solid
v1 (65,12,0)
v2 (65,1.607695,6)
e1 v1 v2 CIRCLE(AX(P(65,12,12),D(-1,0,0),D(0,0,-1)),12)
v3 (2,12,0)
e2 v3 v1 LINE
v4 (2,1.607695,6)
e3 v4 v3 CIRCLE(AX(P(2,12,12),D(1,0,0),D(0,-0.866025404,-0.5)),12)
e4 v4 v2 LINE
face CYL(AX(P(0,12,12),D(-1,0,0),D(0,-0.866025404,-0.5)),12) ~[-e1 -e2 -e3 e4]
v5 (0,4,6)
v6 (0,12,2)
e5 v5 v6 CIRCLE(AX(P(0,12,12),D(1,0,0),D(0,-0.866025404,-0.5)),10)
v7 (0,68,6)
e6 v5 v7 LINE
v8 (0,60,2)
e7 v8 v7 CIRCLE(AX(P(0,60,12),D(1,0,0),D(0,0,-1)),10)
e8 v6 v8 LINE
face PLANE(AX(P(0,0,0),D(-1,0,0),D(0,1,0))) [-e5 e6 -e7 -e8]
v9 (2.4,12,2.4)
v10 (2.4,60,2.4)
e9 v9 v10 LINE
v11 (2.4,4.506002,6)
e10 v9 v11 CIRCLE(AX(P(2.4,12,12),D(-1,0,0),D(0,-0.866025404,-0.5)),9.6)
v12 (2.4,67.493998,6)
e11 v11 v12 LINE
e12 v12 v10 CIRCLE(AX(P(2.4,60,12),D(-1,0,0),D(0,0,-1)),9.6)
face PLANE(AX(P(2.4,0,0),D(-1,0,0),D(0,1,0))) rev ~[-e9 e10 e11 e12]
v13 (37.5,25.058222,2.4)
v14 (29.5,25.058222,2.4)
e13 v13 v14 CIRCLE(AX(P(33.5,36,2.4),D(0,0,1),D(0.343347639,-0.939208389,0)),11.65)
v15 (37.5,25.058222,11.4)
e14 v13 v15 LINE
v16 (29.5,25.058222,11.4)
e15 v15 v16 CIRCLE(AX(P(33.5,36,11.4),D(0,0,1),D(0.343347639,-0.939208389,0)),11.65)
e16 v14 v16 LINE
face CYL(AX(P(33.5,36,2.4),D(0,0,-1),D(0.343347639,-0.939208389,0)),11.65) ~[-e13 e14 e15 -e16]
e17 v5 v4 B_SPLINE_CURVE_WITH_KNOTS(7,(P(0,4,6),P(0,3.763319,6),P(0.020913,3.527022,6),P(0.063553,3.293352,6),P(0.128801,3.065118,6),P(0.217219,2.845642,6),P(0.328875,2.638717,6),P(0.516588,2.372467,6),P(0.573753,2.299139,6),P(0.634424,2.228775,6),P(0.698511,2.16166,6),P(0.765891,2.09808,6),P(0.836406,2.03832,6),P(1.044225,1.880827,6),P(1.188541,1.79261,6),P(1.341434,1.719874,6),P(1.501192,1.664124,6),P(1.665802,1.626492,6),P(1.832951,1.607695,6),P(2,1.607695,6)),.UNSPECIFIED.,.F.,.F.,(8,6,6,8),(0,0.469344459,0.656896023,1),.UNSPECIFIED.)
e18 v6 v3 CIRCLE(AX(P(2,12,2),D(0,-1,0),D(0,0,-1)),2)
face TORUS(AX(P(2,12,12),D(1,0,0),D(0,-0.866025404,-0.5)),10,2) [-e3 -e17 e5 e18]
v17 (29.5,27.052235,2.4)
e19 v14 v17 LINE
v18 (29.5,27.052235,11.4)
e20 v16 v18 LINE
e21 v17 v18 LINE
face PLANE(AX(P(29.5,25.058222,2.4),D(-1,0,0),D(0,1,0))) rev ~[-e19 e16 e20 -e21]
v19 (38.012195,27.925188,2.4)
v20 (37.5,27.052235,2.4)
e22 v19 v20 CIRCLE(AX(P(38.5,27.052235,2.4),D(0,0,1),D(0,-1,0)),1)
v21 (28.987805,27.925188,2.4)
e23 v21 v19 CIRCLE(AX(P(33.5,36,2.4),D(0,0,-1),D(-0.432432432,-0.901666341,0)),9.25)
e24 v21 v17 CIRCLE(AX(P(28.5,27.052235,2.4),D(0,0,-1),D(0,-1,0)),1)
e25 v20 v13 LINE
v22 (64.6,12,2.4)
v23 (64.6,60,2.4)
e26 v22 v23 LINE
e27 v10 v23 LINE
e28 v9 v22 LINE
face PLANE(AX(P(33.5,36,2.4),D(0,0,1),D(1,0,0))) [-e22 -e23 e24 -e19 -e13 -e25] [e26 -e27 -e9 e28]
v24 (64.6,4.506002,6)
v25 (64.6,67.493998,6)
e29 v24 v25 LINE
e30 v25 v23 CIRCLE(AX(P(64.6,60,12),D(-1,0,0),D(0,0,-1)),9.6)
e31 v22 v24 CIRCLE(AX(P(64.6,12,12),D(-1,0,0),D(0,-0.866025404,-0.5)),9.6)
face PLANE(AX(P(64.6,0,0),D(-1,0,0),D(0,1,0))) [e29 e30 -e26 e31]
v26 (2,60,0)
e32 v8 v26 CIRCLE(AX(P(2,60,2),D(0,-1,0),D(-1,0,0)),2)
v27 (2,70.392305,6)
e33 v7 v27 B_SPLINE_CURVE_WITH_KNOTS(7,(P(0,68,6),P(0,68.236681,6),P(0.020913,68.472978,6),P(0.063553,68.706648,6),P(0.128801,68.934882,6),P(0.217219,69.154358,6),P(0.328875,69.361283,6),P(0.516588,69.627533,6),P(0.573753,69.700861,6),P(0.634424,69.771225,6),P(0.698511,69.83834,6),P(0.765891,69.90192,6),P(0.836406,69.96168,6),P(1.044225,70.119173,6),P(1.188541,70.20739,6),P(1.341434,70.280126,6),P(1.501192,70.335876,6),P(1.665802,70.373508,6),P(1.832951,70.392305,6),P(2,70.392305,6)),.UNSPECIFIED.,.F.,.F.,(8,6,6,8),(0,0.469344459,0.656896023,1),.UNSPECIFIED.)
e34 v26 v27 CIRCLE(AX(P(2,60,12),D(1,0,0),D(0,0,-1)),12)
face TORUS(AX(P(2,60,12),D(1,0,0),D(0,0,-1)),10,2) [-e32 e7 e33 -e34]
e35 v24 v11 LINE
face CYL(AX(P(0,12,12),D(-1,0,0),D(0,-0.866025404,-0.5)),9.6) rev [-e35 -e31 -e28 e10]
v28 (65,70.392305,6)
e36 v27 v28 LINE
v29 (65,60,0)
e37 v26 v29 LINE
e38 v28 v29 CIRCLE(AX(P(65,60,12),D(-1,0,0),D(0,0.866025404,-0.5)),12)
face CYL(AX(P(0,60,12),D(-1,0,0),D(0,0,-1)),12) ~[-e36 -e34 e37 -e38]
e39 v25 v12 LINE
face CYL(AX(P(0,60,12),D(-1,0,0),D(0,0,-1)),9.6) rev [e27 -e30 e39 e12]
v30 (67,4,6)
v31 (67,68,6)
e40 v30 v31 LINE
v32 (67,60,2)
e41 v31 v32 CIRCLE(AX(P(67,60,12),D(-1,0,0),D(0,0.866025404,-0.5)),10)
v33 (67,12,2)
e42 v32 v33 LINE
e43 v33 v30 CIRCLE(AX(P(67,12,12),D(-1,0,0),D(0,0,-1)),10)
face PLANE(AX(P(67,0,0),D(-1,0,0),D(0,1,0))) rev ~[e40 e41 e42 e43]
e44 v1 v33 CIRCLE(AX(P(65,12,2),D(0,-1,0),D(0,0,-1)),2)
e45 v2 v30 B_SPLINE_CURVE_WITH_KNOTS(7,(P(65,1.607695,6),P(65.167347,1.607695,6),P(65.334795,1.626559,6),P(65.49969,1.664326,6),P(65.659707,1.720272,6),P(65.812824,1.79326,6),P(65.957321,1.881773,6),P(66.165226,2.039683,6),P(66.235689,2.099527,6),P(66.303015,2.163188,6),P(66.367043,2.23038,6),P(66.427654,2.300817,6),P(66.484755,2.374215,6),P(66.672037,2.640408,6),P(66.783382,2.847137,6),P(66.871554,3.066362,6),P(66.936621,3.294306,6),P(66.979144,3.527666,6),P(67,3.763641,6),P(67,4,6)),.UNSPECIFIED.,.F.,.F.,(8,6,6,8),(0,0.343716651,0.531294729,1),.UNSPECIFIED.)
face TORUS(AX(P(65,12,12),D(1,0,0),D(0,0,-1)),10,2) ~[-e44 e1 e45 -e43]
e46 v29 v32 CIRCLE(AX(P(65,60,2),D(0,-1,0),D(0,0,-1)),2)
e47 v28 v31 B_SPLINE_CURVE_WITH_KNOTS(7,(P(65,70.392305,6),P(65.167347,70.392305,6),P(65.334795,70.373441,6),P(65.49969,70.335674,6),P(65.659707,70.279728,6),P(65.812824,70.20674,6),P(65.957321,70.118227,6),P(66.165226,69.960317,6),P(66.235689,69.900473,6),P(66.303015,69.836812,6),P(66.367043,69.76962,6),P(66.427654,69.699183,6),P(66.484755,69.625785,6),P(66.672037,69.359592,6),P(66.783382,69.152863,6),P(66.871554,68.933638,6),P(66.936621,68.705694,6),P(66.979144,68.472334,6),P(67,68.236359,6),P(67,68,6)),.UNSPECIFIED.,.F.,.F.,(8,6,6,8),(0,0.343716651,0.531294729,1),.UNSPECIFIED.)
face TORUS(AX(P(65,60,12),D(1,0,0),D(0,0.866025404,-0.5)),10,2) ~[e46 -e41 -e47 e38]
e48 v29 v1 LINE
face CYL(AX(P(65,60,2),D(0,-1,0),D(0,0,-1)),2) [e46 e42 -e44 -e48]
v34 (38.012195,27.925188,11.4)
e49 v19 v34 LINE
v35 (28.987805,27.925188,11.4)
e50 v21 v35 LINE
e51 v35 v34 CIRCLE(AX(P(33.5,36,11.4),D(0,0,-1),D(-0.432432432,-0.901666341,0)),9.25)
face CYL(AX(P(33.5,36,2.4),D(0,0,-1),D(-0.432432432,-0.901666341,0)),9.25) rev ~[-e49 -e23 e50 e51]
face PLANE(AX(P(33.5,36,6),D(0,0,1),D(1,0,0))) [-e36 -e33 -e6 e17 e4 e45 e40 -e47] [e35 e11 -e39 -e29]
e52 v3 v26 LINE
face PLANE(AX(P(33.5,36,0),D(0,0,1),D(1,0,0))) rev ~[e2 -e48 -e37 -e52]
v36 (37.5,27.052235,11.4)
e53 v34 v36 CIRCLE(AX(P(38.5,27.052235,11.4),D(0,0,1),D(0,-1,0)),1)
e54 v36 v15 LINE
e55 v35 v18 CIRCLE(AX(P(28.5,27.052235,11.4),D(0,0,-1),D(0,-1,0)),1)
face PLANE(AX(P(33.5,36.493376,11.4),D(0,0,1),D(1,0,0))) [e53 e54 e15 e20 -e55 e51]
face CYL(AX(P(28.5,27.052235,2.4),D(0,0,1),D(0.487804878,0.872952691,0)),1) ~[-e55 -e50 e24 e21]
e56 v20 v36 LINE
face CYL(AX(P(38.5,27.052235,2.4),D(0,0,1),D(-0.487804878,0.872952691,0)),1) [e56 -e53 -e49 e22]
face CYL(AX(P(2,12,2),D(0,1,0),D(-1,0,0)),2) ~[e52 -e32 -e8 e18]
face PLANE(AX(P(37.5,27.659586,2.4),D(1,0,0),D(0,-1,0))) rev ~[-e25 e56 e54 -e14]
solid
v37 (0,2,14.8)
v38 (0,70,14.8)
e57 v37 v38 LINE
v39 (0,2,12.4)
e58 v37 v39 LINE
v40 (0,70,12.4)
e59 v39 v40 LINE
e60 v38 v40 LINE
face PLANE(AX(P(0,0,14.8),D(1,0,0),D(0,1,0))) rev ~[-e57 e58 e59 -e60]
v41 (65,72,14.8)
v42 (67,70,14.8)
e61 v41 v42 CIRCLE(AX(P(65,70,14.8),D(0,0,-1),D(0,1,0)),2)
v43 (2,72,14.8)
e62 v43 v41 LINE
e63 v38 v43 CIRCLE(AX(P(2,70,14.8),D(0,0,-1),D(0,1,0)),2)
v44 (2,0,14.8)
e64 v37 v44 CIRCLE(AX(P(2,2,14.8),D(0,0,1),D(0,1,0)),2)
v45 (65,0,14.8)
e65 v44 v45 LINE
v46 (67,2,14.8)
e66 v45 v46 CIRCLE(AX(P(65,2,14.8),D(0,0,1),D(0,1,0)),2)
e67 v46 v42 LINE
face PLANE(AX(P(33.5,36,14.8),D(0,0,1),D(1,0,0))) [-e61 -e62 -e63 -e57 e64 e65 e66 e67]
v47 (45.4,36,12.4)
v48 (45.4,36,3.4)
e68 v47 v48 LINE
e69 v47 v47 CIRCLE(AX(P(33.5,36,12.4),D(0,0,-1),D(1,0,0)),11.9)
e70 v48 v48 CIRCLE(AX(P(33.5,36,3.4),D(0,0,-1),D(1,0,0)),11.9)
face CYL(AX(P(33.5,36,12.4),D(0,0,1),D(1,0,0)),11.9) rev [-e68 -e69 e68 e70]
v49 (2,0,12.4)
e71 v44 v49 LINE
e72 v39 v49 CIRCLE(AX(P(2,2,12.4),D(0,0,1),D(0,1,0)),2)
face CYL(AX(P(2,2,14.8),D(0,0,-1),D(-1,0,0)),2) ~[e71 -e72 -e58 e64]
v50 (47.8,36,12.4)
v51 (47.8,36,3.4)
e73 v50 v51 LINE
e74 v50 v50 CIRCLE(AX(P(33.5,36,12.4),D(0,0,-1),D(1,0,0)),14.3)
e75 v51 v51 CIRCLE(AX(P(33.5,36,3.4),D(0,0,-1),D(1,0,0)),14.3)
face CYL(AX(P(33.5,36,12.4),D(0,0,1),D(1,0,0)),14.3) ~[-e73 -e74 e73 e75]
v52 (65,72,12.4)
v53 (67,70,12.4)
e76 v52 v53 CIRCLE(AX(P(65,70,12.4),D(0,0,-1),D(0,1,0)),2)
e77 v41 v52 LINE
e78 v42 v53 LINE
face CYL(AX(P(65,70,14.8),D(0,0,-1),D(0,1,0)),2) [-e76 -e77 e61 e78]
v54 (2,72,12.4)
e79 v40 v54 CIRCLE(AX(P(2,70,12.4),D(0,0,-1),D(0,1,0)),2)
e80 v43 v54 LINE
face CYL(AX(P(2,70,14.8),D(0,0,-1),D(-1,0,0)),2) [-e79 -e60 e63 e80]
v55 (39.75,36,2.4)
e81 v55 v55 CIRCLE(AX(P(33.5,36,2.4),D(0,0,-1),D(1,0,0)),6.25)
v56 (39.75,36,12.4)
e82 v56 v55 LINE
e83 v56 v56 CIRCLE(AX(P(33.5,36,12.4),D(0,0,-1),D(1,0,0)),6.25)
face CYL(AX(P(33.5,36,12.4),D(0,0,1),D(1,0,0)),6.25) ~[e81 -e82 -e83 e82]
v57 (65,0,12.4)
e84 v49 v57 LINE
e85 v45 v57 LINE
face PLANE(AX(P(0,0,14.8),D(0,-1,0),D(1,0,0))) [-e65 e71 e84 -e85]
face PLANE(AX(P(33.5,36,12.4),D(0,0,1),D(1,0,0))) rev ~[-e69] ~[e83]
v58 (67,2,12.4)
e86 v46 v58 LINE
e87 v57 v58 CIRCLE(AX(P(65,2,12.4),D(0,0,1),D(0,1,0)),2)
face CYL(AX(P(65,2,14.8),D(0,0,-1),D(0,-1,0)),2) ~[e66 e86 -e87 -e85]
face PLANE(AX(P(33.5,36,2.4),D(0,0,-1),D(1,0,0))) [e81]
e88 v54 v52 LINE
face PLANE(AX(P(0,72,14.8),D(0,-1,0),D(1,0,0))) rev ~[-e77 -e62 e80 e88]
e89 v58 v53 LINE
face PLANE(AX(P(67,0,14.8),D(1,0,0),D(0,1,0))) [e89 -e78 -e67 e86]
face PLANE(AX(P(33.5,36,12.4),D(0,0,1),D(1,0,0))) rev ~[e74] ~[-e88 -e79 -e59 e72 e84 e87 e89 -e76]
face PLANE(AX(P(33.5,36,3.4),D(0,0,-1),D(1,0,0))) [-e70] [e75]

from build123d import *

# Parameters (mm, degrees)
F0_W      = 67
F0_H      = 72
F1_DEPTH  = 6
F3_DEPTH  = 67.001
F4_R      = 2
F5_T      = -2.4
F7_DEPTH  = 9
F8_R      = 1
F10_W     = 67
F10_H     = 72
F11_DEPTH = 2.4
F12_R     = 6.25
F13_DEPTH = 10
F12_R_2   = 14.3
F12_R_3   = 11.9
F14_DEPTH = 9
F15_R     = 2


with BuildPart() as f1:
    # F0 (on Top) → F1 (new body)
    with BuildSketch(Plane.XY):
        with Locations((33.5, 36)):
            Rectangle(F0_W, F0_H)
    extrude(amount=F1_DEPTH)

    # F2 (on face) → F3 (cut, through all)
    with BuildSketch(Plane(origin=(0, 0, 0), x_dir=(0, -1, 0), z_dir=(-1, 0, 0))):
        with BuildLine():
            Line((-70.3923048454, 6), (-72, 6))
            Line((-72, 6), (-72, 0))
            Line((-72, 0), (-60, 0))
            ThreePointArc((-60, 0), (-66, 1.6076951546), (-70.3923048454, 6))
        make_face()
        with BuildLine():
            Line((0, 6), (-1.6076951546, 6))
            ThreePointArc((-1.6076951546, 6), (-6, 1.6076951546), (-12, 0))
            Line((-12, 0), (0, 0))
            Line((0, 0), (0, 6))
        make_face()
    extrude(amount=-F3_DEPTH, mode=Mode.SUBTRACT)

    # F4
    f4_edges = [f1.edges().sort_by_distance(p)[0] for p in [
        (0, 6, 1.607695),
        (67, 6, 1.607695),
    ]]
    fillet(f4_edges, radius=F4_R)

    # F5
    f5_openings = [f1.faces().sort_by_distance(p)[0] for p in [
        (33.5, 36, 6),
    ]]
    offset(amount=F5_T, openings=f5_openings)

    # F6 (on face) → F7 (join)
    with BuildSketch(Plane.XY.offset(2.4)):
        with BuildLine():
            ThreePointArc((29.5, 27.6595863412), (33.5, 45.25), (37.5, 27.6595863412))
            Line((37.5, 27.6595863412), (37.5, 25.0582222651))
            ThreePointArc((37.5, 25.0582222651), (33.5, 47.65), (29.5, 25.0582222651))
            Line((29.5, 25.0582222651), (29.5, 27.6595863412))
        make_face()
    extrude(amount=F7_DEPTH)

    # F8
    f8_edges = [f1.edges().sort_by_distance(p)[0] for p in [
        (29.5, 27.659586, 6.9),
        (37.5, 27.659586, 6.9),
    ]]
    fillet(f8_edges, radius=F8_R)


with BuildPart() as f11:
    # F10 (on offset) → F11 (new body)
    with BuildSketch(Plane.XY.offset(14.8)):
        with Locations((33.5, 36)):
            Rectangle(F10_W, F10_H)
    extrude(amount=-F11_DEPTH)

    # F12 (on face) → F13 (join)
    with BuildSketch(Plane(origin=(0, 0, 12.4), x_dir=(1, 0, 0), z_dir=(0, 0, -1))):
        with Locations((33.5, -36)):
            Circle(F12_R)
    extrude(amount=F13_DEPTH)

    # F12 (on face) → F14 (join)
    with BuildSketch(Plane(origin=(0, 0, 12.4), x_dir=(1, 0, 0), z_dir=(0, 0, -1))):
        with Locations((33.5, -36)):
            Circle(F12_R_2)
        with Locations((33.5, -36)):
            Circle(F12_R_3, mode=Mode.SUBTRACT)
    extrude(amount=F14_DEPTH)

    # F15
    f15_edges = [f11.edges().sort_by_distance(p)[0] for p in [
        (67, 0, 13.6),
        (0, 0, 13.6),
        (0, 72, 13.6),
        (67, 72, 13.6),
    ]]
    fillet(f15_edges, radius=F15_R)


solid = Compound([f1.part, f11.part])
